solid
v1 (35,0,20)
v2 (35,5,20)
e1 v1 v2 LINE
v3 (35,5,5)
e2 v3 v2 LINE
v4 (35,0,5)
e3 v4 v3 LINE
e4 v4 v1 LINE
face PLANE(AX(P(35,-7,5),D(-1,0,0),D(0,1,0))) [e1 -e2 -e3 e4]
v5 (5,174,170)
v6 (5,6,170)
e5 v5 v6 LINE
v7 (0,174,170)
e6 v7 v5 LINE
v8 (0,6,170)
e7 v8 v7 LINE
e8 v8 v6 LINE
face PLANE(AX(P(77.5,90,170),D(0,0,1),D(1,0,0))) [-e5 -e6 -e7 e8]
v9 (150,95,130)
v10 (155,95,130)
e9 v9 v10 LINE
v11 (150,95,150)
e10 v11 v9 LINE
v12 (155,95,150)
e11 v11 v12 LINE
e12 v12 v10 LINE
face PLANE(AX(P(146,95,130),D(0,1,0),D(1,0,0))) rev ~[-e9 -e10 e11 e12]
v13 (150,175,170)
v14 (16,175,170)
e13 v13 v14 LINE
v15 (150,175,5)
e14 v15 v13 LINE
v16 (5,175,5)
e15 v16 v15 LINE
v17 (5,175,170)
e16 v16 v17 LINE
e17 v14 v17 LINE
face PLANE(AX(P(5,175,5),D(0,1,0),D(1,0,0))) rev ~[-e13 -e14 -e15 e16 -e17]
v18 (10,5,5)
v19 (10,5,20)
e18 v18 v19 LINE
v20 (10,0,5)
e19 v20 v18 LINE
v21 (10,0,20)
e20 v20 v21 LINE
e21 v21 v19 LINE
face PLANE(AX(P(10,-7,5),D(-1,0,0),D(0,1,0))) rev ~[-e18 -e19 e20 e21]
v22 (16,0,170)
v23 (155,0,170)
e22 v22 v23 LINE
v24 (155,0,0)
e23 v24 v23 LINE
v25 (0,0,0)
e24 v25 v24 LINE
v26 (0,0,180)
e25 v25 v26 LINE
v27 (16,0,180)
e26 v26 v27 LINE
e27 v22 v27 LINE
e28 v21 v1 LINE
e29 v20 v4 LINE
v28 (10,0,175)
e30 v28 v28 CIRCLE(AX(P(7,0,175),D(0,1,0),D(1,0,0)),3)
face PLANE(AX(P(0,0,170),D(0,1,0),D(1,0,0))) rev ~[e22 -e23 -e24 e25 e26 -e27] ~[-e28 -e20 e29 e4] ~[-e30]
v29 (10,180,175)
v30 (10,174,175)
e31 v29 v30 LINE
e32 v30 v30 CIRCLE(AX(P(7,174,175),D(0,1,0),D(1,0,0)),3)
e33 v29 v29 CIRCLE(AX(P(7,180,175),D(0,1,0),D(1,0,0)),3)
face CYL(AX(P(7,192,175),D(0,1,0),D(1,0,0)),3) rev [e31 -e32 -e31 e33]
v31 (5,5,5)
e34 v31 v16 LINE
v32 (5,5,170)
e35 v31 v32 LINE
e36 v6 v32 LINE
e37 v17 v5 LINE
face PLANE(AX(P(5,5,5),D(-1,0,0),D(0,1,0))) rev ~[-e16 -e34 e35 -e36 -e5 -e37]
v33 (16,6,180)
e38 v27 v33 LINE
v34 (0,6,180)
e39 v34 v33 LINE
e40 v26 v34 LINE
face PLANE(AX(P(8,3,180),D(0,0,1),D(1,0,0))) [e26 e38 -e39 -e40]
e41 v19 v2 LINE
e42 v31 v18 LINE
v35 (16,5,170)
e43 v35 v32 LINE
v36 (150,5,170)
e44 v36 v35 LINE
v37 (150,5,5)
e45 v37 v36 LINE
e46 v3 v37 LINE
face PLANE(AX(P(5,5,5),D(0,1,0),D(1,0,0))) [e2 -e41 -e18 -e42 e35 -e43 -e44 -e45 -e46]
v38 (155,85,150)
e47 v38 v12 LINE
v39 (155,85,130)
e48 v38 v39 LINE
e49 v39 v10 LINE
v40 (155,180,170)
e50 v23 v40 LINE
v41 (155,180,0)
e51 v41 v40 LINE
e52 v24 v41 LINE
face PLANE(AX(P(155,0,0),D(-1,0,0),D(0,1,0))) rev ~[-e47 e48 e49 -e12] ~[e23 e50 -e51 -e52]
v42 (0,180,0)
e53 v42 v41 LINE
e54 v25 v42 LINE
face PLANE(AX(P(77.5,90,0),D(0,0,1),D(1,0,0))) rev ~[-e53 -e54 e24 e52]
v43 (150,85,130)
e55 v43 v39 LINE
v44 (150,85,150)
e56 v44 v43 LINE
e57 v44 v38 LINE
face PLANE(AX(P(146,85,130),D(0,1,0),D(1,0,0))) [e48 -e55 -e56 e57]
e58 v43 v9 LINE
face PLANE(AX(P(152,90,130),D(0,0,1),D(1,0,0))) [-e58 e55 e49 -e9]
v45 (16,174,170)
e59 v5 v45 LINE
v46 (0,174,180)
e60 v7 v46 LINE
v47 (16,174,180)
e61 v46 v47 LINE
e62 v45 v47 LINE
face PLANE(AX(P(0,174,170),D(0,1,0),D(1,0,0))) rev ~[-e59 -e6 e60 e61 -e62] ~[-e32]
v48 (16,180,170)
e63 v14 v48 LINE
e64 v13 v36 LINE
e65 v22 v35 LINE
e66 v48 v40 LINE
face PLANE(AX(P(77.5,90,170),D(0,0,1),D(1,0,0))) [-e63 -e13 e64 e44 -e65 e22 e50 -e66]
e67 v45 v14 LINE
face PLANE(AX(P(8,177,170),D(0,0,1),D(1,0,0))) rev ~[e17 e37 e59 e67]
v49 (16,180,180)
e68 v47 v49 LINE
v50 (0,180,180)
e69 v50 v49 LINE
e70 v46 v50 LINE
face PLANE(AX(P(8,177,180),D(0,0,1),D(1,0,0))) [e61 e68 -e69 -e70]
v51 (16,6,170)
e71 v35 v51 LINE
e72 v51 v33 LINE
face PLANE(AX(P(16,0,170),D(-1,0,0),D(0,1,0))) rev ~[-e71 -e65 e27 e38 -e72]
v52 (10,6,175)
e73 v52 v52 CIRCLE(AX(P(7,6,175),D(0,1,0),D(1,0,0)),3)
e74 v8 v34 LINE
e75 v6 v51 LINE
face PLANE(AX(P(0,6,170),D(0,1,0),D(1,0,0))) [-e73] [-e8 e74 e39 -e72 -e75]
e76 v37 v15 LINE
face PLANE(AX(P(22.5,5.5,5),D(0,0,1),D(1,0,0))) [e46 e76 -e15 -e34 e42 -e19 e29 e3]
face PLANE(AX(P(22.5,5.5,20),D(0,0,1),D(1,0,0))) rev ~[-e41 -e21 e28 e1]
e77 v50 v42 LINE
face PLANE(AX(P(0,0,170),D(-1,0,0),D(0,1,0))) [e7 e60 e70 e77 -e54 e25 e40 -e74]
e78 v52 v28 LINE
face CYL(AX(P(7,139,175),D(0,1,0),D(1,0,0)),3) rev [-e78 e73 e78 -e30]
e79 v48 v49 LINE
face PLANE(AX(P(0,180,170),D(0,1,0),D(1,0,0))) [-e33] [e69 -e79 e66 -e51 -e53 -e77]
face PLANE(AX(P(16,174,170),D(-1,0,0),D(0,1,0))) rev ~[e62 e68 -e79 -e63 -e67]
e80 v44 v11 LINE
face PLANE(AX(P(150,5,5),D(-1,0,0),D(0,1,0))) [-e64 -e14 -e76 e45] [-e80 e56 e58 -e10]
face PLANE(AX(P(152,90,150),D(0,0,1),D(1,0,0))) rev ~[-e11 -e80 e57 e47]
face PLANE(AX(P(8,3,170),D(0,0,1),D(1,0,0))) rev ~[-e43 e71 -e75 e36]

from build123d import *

# Parameters (mm, degrees)
CYLINDER003_R     = 3
CYLINDER003_DEPTH = 148
BOX013_W          = 16
BOX013_H          = 6
BOX013_DEPTH      = 10
CYLINDER002_R     = 3
CYLINDER002_DEPTH = 148
BOX012_W          = 16
BOX012_H          = 6
BOX012_DEPTH      = 10
BOX011_W          = 12
BOX011_H          = 10
BOX011_DEPTH      = 20
BOX010_W          = 25
BOX010_H          = 25
BOX010_DEPTH      = 15
BOX009_W          = 145
BOX009_H          = 170
BOX009_DEPTH      = 200
BOX008_W          = 155
BOX008_H          = 180
BOX008_DEPTH      = 170


with BuildPart() as cylinder003:
    # Cylinder003 → Cylinder003 (new body)
    with BuildSketch(Plane(origin=(7, 139, 175), x_dir=(1, 0, 0), z_dir=(0, -1, 0))):
        Circle(CYLINDER003_R)
    extrude(amount=CYLINDER003_DEPTH)


with BuildPart() as visagra004:
    # Box013 → Box013 (new body)
    with BuildSketch(Plane.XY.offset(170)):
        with Locations((8, 3)):
            Rectangle(BOX013_W, BOX013_H)
    extrude(amount=BOX013_DEPTH)

    # Cut010: cut Cylinder003
    add(cylinder003.part, mode=Mode.SUBTRACT)


with BuildPart() as cylinder002:
    # Cylinder002 → Cylinder002 (new body)
    with BuildSketch(Plane(origin=(7, 192, 175), x_dir=(1, 0, 0), z_dir=(0, -1, 0))):
        Circle(CYLINDER002_R)
    extrude(amount=CYLINDER002_DEPTH)


with BuildPart() as visagra003:
    # Box012 → Box012 (new body)
    with BuildSketch(Plane(origin=(0, 174, 170), x_dir=(1, 0, 0), z_dir=(0, 0, 1))):
        with Locations((8, 3)):
            Rectangle(BOX012_W, BOX012_H)
    extrude(amount=BOX012_DEPTH)

    # Cut009: cut Cylinder002
    add(cylinder002.part, mode=Mode.SUBTRACT)


with BuildPart() as cube006:
    # Box011 → Box011 (new body)
    with BuildSketch(Plane(origin=(146, 85, 130), x_dir=(1, 0, 0), z_dir=(0, 0, 1))):
        with Locations((6, 5)):
            Rectangle(BOX011_W, BOX011_H)
    extrude(amount=BOX011_DEPTH)


with BuildPart() as agujero001:
    # Box010 → Box010 (new body)
    with BuildSketch(Plane(origin=(10, -7, 5), x_dir=(1, 0, 0), z_dir=(0, 0, 1))):
        with Locations((12.5, 12.5)):
            Rectangle(BOX010_W, BOX010_H)
    extrude(amount=BOX010_DEPTH)


with BuildPart() as cube005:
    # Box009 → Box009 (new body)
    with BuildSketch(Plane(origin=(5, 5, 5), x_dir=(1, 0, 0), z_dir=(0, 0, 1))):
        with Locations((72.5, 85)):
            Rectangle(BOX009_W, BOX009_H)
    extrude(amount=BOX009_DEPTH)


with BuildPart() as caja002:
    # Box008 → Box008 (new body)
    with BuildSketch(Plane.XY):
        with Locations((77.5, 90)):
            Rectangle(BOX008_W, BOX008_H)
    extrude(amount=BOX008_DEPTH)

    # Cut006: cut Cube005
    add(cube005.part, mode=Mode.SUBTRACT)

    # Cut007: cut Agujero001
    add(agujero001.part, mode=Mode.SUBTRACT)

    # Cut008: cut Cube006
    add(cube006.part, mode=Mode.SUBTRACT)

    # Fusion003: union visagra003
    add(visagra003.part)

    # Fusion004: union visagra004
    add(visagra004.part)


solid = caja002.part
